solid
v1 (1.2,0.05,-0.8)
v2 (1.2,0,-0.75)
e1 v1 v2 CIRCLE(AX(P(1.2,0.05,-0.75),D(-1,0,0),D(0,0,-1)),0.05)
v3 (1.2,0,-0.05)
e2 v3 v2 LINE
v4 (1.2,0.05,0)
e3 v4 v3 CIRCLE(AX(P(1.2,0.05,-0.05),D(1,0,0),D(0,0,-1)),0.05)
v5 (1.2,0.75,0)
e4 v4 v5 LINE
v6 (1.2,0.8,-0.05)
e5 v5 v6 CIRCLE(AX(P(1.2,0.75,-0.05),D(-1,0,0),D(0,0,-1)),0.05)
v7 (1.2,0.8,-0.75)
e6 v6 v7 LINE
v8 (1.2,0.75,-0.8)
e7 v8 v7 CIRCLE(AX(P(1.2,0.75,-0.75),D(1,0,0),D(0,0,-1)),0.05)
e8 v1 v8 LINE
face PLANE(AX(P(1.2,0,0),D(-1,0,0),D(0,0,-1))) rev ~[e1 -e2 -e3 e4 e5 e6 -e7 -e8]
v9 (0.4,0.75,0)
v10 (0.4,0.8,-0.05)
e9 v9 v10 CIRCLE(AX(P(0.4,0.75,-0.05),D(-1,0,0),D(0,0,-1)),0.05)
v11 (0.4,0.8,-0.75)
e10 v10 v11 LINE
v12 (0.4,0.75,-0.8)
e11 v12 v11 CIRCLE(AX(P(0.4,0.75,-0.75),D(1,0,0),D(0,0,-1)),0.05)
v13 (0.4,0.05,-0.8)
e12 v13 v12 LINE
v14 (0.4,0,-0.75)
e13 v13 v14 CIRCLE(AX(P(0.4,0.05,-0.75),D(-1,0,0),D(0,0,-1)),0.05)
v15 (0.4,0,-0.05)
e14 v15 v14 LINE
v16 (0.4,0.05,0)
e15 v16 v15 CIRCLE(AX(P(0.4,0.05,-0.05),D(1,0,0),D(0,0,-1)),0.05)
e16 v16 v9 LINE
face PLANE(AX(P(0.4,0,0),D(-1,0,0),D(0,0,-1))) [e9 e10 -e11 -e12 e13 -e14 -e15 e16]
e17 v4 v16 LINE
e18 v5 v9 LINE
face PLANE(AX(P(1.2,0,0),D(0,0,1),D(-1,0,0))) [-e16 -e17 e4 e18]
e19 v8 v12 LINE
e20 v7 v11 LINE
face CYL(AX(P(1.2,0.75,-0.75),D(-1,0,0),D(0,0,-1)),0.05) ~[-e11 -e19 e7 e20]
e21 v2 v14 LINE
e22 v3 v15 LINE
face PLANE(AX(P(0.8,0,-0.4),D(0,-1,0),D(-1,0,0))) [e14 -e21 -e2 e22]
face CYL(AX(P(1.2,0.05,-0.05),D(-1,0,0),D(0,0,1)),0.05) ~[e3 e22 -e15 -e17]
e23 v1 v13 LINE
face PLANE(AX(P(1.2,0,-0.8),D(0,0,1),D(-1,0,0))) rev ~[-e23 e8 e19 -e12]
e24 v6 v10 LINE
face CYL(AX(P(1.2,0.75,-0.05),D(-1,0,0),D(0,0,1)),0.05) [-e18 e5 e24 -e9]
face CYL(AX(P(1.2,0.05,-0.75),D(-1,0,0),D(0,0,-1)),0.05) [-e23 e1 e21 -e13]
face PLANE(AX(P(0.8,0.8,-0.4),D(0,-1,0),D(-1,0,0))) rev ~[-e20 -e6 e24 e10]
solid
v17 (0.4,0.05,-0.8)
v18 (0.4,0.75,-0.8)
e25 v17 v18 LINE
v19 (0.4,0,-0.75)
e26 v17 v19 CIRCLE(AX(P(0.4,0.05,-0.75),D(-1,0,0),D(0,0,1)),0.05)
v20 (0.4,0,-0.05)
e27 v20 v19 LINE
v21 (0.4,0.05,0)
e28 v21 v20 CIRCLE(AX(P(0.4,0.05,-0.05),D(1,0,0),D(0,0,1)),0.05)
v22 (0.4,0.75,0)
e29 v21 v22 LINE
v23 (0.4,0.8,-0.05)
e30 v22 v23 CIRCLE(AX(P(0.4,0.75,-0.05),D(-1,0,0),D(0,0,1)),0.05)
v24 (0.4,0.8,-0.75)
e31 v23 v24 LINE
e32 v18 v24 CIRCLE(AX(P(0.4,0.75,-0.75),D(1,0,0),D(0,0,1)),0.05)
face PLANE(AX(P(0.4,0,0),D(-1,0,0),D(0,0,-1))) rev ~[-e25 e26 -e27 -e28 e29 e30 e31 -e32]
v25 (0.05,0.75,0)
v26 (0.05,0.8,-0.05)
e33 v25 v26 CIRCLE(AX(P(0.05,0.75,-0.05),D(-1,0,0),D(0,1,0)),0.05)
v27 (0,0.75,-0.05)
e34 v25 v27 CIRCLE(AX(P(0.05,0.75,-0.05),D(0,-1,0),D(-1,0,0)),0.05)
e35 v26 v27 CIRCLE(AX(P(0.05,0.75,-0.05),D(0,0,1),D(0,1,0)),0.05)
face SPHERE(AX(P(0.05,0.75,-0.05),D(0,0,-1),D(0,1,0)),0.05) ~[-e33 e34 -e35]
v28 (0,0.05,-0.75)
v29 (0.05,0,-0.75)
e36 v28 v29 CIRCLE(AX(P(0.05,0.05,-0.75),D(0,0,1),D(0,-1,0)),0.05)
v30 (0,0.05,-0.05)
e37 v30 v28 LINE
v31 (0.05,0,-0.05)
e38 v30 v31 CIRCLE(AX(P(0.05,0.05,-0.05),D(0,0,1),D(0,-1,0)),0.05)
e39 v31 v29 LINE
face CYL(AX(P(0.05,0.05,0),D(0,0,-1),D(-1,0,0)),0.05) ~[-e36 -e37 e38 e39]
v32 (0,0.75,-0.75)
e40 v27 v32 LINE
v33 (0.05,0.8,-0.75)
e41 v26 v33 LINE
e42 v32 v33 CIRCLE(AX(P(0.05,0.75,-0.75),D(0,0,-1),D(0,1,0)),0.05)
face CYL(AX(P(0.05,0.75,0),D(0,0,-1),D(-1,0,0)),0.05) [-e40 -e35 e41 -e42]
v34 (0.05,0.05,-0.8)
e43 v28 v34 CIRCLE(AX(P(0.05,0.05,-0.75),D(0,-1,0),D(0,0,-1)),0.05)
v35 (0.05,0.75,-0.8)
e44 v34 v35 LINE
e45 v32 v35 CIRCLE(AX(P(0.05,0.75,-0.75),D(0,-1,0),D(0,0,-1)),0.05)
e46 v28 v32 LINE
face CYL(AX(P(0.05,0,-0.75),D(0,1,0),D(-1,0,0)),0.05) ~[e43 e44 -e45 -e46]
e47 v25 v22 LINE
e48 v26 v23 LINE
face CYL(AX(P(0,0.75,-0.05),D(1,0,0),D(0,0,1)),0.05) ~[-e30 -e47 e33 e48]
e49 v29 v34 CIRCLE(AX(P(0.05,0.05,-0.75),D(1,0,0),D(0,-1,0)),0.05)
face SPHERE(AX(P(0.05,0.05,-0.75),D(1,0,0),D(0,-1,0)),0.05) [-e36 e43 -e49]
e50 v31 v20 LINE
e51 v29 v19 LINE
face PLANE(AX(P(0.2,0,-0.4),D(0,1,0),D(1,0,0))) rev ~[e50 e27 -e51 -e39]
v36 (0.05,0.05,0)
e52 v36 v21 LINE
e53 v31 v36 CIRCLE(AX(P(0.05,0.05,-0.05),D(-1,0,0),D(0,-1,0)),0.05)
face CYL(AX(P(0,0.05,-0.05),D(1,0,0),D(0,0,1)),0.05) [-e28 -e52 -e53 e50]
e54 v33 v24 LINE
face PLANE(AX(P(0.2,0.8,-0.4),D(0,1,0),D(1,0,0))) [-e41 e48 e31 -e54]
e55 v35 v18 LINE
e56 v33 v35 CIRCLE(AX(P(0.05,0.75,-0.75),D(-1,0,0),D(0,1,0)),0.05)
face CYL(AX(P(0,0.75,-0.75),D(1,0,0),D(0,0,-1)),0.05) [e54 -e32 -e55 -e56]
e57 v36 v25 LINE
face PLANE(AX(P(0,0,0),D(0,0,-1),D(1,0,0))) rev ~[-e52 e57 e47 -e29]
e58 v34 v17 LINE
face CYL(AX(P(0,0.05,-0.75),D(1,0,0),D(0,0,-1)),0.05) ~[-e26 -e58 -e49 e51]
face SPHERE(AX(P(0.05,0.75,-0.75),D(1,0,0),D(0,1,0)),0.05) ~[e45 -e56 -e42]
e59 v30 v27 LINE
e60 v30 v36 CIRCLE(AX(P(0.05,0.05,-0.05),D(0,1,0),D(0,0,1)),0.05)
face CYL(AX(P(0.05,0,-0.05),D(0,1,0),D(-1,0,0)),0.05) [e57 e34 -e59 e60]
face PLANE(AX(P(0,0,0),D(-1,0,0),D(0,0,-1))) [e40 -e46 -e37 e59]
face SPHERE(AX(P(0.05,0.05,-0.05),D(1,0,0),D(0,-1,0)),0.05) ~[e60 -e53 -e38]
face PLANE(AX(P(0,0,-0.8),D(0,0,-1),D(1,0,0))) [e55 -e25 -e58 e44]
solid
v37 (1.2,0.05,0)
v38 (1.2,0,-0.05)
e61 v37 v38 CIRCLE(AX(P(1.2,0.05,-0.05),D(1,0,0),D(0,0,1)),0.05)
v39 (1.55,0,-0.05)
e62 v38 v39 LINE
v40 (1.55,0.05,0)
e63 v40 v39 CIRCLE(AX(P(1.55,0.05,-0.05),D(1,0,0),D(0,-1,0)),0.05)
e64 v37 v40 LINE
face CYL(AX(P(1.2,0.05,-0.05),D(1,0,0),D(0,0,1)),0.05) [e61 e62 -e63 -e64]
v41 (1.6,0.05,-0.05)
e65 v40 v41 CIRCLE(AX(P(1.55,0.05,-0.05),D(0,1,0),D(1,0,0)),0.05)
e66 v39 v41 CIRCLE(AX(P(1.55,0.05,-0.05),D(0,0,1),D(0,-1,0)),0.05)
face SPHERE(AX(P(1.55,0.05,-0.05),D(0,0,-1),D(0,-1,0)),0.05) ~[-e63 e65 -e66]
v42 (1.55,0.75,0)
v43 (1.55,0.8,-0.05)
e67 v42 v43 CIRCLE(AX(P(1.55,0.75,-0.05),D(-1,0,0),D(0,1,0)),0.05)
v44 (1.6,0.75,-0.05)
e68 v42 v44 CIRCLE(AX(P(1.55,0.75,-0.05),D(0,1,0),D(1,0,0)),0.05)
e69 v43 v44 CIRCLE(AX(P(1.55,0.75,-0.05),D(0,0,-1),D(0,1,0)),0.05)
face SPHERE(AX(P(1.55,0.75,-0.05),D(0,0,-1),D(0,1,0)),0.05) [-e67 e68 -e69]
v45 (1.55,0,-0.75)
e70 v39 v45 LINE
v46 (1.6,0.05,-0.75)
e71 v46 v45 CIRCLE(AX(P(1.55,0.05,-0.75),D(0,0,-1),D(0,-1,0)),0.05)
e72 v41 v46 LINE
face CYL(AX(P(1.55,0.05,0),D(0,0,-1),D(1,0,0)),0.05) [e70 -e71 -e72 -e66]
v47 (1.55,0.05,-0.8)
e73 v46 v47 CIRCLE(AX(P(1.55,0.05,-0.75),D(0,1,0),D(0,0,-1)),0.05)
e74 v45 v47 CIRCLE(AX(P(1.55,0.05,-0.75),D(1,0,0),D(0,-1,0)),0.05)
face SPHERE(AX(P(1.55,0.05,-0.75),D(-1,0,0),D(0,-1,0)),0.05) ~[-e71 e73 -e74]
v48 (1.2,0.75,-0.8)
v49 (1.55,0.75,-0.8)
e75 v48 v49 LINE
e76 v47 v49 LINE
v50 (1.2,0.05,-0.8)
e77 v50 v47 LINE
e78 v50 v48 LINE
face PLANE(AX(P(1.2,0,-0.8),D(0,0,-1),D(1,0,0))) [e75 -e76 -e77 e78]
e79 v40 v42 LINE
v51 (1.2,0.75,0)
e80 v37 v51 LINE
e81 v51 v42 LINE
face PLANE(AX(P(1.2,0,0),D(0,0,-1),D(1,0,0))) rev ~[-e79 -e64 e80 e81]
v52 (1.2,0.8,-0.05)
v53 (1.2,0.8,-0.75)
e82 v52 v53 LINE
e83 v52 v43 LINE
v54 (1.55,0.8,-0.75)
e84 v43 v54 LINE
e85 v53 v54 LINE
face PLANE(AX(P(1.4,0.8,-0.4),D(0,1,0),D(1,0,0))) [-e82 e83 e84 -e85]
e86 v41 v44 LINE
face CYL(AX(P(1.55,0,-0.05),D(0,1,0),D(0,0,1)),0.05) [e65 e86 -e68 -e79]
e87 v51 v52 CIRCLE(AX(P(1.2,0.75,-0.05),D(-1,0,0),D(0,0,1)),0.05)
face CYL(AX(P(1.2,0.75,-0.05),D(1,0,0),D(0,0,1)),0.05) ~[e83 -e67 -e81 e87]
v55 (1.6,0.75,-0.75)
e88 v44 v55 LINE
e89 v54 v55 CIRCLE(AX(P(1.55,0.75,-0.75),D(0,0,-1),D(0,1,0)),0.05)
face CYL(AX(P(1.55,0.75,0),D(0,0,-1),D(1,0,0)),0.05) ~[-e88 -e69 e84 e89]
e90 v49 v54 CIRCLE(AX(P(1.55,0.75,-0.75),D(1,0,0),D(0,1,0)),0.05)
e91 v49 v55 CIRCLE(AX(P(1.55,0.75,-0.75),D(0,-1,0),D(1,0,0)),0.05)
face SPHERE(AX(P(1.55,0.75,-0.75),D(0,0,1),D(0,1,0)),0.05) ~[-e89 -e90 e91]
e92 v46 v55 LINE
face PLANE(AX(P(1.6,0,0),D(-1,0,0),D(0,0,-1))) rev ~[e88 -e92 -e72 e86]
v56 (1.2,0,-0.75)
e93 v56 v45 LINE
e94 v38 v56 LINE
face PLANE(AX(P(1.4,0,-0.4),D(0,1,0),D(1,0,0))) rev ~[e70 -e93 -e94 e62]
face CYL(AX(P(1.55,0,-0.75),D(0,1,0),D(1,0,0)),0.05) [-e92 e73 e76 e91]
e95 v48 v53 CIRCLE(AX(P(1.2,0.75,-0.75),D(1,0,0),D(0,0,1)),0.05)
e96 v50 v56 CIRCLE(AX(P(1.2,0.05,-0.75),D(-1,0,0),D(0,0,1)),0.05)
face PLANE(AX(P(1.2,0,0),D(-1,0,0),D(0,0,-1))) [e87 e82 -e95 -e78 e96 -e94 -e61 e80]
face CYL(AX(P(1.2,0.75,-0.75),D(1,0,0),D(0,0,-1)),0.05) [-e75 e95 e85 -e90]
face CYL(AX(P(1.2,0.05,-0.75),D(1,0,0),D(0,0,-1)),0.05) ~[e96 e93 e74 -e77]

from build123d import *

# Parameters (mm, degrees)
SKETCH3_W             = 0.4
SKETCH3_H             = 0.8
BOSS_EXTRUDE2_DEPTH   = 0.8
BOSS_EXTRUDE2_2_DEPTH = 0.8
SKETCH4_W             = 0.8
SKETCH4_H             = 0.8
BOSS_EXTRUDE3_DEPTH   = 0.8
FILLET1_R             = 0.05
FILLET2_R             = 0.05
FILLET3_R             = 0.05


with BuildPart() as part:
    # Sketch3 → Boss-Extrude2 (new body)
    with BuildSketch(Plane(origin=(0, 0, 0), x_dir=(1, 0, 0), z_dir=(0, 1, 0))):
        with Locations((0.2, 0.4)):
            Rectangle(SKETCH3_W, SKETCH3_H)
    extrude(amount=BOSS_EXTRUDE2_DEPTH)

    # Fillet1
    fillet1_edges = [part.edges().sort_by_distance(p)[0] for p in [
        (0.2, 0.8, -0.8),
        (0, 0.8, -0.4),
        (0.2, 0, -0.8),
        (0.2, 0, 0),
        (0, 0, -0.4),
        (0.2, 0.8, 0),
        (0, 0.4, -0.8),
        (0, 0.4, 0),
    ]]
    fillet(fillet1_edges, radius=FILLET1_R)


with BuildPart() as body_2:
    # Sketch3 → Boss-Extrude2 2 (new body)
    with BuildSketch(Plane(origin=(0, 0, 0), x_dir=(1, 0, 0), z_dir=(0, 1, 0))):
        with Locations((1.4, 0.4)):
            Rectangle(SKETCH3_W, SKETCH3_H)
    extrude(amount=BOSS_EXTRUDE2_2_DEPTH)

    # Fillet2
    fillet2_edges = [body_2.edges().sort_by_distance(p)[0] for p in [
        (1.6, 0.8, -0.4),
        (1.4, 0.8, -0.8),
        (1.4, 0, -0.8),
        (1.6, 0, -0.4),
        (1.4, 0, 0),
        (1.4, 0.8, 0),
        (1.6, 0.4, -0.8),
        (1.6, 0.4, 0),
    ]]
    fillet(fillet2_edges, radius=FILLET2_R)


with BuildPart() as body_3:
    # Sketch4 → Boss-Extrude3 (new body)
    with BuildSketch(Plane(origin=(0, 0, 0), x_dir=(-1, 0, 0), z_dir=(0, -1, 0))):
        with Locations((-0.8, 0.4)):
            Rectangle(SKETCH4_W, SKETCH4_H)
    extrude(amount=-BOSS_EXTRUDE3_DEPTH)

    # Fillet3
    fillet3_edges = [body_3.edges().sort_by_distance(p)[0] for p in [
        (0.8, 0.8, 0),
        (0.8, 0, 0),
        (0.8, 0, -0.8),
        (0.8, 0.8, -0.8),
    ]]
    fillet(fillet3_edges, radius=FILLET3_R)


solid = Compound([part.part, body_2.part, body_3.part])
